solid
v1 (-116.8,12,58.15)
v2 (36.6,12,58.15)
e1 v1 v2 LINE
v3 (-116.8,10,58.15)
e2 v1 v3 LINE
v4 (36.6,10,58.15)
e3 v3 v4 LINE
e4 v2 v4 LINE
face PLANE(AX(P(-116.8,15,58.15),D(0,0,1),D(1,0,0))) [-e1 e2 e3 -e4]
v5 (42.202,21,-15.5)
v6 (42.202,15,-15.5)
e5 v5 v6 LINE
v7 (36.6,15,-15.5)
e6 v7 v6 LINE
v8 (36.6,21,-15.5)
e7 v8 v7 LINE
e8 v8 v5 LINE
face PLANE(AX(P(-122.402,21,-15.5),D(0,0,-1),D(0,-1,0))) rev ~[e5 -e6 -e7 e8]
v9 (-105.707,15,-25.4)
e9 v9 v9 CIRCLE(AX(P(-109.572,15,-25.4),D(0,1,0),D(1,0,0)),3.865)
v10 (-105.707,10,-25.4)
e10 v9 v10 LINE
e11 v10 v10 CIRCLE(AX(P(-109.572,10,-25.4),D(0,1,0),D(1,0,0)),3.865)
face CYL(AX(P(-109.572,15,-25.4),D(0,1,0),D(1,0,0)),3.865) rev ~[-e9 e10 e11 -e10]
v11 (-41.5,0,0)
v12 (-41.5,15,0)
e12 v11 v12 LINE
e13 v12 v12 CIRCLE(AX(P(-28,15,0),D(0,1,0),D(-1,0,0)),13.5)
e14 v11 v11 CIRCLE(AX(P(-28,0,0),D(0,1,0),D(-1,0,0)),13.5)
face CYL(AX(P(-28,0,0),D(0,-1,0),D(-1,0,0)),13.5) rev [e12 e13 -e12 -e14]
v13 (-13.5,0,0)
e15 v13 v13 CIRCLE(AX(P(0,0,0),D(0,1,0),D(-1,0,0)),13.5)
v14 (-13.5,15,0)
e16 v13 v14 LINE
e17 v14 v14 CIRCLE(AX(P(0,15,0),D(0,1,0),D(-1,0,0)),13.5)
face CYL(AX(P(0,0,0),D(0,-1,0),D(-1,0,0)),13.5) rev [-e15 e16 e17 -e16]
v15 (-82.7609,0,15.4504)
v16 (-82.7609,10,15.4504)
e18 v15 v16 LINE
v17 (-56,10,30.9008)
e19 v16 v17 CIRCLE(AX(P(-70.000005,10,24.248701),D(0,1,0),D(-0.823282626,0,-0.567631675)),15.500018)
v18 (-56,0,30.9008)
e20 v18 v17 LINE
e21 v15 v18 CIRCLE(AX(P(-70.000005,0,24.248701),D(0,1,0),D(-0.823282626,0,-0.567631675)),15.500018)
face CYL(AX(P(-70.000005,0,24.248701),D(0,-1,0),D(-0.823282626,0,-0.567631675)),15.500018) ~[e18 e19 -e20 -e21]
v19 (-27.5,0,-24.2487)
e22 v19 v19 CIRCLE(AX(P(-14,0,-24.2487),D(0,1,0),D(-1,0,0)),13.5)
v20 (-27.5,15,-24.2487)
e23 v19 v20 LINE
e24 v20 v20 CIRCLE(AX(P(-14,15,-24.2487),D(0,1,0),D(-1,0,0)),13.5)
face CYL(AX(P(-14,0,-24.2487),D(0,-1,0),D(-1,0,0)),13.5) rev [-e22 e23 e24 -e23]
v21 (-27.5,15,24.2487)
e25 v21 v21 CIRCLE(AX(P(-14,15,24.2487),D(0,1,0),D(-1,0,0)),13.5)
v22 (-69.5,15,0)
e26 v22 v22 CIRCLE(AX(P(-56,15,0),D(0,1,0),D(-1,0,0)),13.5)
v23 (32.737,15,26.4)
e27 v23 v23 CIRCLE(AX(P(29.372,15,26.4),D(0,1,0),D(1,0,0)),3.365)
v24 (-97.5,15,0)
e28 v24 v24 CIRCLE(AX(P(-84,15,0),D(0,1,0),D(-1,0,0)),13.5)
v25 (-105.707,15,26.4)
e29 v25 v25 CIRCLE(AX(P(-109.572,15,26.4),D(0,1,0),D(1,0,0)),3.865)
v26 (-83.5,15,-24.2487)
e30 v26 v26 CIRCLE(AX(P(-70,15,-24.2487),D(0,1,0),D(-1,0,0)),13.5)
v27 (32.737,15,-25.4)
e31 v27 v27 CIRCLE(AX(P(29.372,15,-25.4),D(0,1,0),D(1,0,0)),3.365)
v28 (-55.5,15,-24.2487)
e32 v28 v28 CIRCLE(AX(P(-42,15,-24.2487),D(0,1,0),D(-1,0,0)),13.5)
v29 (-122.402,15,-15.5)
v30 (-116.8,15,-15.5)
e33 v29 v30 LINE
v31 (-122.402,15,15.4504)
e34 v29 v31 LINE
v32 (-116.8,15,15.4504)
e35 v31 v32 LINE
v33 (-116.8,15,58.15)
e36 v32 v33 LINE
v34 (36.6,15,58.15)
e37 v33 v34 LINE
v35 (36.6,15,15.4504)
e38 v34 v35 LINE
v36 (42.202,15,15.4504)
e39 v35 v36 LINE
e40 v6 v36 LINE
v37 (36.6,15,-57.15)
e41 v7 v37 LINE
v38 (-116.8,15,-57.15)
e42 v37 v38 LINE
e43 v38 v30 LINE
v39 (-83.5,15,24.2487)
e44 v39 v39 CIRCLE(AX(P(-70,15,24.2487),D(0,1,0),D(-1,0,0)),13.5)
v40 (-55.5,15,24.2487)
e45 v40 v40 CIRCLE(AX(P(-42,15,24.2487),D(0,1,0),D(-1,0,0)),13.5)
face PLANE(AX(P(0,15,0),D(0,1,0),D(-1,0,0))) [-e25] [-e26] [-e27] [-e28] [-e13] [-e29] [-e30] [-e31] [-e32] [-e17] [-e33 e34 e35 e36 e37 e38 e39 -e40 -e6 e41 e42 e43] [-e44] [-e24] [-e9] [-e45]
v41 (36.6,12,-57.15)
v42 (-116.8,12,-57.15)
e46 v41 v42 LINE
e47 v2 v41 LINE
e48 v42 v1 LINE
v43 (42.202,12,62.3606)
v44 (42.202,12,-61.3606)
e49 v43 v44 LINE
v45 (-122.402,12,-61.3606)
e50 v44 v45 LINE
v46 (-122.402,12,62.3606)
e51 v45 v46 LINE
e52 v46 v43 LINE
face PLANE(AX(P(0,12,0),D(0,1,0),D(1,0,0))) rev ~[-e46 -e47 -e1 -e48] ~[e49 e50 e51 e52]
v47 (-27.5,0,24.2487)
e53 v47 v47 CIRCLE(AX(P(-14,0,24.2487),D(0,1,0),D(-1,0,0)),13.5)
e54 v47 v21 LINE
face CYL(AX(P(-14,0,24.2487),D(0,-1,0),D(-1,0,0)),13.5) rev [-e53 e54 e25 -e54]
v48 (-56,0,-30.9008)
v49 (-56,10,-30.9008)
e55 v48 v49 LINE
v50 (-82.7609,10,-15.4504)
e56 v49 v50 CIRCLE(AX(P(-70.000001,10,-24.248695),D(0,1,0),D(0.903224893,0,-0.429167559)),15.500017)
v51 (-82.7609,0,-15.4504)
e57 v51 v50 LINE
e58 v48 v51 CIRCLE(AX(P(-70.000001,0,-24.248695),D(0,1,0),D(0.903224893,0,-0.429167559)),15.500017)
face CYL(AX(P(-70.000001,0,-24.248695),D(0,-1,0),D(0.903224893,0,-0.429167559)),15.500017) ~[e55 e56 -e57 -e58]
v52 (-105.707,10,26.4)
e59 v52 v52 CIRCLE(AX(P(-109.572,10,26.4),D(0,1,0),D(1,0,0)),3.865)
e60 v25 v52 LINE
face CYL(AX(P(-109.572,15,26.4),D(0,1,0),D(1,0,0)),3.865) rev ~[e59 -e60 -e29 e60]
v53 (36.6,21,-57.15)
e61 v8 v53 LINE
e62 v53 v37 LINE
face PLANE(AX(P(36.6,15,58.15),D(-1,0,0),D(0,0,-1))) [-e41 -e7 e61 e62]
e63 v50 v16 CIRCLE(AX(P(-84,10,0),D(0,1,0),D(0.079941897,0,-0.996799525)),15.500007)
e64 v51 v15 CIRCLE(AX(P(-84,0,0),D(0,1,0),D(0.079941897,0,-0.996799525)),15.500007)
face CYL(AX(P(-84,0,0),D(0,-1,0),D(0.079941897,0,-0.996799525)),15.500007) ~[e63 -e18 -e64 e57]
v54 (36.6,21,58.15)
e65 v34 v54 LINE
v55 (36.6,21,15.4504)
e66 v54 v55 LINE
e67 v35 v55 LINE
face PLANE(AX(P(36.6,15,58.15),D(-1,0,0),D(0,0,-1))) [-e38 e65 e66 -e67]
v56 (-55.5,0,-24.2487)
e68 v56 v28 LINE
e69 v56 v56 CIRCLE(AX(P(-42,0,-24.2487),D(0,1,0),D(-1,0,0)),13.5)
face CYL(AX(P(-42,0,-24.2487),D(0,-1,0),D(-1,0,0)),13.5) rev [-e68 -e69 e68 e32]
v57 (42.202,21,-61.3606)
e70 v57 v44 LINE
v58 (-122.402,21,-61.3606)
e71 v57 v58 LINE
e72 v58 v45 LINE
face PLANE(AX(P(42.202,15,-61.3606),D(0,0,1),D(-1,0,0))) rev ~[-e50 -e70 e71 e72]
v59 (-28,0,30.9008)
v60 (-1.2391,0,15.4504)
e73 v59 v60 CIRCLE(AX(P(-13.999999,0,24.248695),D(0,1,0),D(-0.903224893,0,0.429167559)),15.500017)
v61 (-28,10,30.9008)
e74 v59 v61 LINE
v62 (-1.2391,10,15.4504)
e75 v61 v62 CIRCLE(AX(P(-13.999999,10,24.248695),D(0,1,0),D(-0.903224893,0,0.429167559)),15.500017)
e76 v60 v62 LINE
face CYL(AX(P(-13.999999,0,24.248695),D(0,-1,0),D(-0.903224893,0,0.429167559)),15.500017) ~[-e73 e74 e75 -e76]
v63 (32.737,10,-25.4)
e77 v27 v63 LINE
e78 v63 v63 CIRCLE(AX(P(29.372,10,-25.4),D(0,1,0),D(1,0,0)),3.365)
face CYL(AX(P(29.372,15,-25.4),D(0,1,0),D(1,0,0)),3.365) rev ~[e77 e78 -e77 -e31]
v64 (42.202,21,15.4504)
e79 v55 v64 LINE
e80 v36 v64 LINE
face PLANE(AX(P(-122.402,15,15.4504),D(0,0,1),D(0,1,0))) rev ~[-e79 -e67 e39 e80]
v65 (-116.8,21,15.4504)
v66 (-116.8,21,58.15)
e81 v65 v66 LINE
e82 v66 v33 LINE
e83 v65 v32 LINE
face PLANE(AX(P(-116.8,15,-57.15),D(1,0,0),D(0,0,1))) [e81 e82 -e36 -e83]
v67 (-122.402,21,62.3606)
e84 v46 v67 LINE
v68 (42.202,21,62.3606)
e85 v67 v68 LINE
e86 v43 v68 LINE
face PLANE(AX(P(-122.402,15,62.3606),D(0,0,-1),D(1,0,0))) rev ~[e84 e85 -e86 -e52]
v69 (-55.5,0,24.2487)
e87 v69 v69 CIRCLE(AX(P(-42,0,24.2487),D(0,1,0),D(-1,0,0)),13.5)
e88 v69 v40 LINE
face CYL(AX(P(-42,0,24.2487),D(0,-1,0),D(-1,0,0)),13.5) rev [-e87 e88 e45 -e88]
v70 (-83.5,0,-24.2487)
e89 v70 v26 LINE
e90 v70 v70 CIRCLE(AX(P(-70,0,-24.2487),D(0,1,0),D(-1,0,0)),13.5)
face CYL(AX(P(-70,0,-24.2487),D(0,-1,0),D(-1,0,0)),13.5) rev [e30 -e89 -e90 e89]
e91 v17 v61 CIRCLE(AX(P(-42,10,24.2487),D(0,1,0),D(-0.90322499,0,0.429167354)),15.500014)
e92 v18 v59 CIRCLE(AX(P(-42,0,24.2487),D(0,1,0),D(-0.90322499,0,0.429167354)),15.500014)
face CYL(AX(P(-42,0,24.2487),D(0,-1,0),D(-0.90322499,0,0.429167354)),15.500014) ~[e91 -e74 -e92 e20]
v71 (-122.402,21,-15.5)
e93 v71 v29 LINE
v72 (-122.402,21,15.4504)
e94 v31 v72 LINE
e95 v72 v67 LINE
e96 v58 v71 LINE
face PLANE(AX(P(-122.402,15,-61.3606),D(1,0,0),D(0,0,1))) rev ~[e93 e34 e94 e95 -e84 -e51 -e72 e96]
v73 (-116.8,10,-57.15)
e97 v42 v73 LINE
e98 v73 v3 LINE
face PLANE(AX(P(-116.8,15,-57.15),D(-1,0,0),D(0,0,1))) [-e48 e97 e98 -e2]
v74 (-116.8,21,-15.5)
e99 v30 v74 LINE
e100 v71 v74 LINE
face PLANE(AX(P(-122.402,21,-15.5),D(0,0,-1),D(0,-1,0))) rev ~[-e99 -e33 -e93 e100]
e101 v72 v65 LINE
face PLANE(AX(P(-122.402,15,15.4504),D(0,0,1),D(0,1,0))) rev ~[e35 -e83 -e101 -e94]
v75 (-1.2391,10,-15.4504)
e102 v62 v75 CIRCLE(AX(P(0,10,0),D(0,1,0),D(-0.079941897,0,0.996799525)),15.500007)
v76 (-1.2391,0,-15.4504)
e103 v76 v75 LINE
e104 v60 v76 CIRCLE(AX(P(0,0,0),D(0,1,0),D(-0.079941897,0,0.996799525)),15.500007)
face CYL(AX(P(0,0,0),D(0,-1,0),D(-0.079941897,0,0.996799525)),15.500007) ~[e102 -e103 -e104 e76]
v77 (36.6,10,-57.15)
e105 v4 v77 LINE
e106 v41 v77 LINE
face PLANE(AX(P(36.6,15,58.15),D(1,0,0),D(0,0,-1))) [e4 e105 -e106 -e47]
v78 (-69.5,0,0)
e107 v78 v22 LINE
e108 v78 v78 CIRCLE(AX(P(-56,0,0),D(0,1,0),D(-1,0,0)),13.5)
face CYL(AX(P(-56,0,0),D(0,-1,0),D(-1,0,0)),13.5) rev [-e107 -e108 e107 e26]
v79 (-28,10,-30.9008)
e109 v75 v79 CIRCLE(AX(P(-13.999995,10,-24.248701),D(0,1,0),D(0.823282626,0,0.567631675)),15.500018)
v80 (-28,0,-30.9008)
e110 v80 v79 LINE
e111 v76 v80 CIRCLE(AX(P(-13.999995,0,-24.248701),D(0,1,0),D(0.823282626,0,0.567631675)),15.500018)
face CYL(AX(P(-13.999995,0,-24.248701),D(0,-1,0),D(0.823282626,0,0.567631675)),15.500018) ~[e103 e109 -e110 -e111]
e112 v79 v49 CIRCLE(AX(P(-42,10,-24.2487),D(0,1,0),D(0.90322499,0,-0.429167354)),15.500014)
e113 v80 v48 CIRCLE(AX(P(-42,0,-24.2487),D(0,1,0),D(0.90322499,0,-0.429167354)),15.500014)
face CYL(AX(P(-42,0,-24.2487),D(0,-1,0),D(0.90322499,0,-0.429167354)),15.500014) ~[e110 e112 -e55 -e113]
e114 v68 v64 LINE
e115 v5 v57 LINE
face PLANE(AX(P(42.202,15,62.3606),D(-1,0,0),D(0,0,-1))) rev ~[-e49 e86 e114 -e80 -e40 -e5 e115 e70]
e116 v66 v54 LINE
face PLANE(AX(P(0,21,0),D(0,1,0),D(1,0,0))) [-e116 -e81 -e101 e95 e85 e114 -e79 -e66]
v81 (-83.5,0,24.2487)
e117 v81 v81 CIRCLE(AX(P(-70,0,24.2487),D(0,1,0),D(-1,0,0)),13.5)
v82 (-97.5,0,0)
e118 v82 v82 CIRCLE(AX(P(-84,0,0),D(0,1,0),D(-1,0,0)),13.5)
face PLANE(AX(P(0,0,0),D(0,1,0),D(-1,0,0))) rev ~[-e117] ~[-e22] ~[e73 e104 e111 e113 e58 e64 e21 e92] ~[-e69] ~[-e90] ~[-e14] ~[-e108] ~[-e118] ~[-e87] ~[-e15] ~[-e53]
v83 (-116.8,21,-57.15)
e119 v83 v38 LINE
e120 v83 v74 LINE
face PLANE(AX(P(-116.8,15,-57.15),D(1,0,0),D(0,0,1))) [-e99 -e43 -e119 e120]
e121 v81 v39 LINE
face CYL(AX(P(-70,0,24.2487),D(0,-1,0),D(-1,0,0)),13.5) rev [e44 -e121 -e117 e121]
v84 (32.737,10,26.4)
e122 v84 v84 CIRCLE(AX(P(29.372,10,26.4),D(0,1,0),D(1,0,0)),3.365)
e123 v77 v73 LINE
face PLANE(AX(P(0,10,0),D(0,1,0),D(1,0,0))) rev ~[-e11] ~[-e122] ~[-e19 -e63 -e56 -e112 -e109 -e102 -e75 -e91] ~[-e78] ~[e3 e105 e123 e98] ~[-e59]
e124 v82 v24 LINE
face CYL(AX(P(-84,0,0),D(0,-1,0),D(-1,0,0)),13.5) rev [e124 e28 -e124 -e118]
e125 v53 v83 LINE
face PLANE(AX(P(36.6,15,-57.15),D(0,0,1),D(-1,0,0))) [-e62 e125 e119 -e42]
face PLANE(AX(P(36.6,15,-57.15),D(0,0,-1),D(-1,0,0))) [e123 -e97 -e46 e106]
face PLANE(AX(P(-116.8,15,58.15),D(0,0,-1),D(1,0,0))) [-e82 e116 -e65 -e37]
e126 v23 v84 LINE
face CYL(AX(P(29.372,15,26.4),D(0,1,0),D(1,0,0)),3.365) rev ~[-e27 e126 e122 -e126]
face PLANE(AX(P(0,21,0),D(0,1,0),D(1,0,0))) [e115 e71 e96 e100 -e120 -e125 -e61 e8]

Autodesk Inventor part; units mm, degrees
ref_plane "YZ Plane" through (0, 0, 0) normal (1, 0, 0) x (0, 1, 0)
ref_plane "XZ Plane" through (0, 0, 0) normal (0, 1, 0) x (-1, 0, 0)
ref_plane "XY Plane" through (0, 0, 0) normal (0, 0, 1) x (1, 0, 0)
sketch "Sketch1" plane through (0, 0, 0) normal (0, 1, 0) x (-1, 0, 0)
  circle A0 centre (0, 0) radius 13.5
  circle A1 centre (0, 0) radius 14.5 construction
  circle A2 centre (28, 0) radius 13.5
  circle A3 centre (28, 0) radius 14.5 construction
  circle A4 centre (56, 0) radius 13.5
  circle A5 centre (56, 0) radius 14.5 construction
  circle A6 centre (84, 0) radius 13.5
  circle A7 centre (84, 0) radius 14.5 construction
  circle A8 centre (14, 24.2487) radius 13.5
  circle A9 centre (42, 24.2487) radius 13.5
  circle A10 centre (70, 24.2487) radius 13.5
  circle A11 centre (70, -24.2487) radius 13.5
  circle A12 centre (42, -24.2487) radius 13.5
  circle A13 centre (14, -24.2487) radius 13.5
  line L0 (84, 0) -> (56, 0) construction
  circle A14 centre (14, 24.2487) radius 14.5 construction
  circle A15 centre (42, 24.2487) radius 14.5 construction
  circle A16 centre (70, 24.2487) radius 14.5 construction
  circle A17 centre (70, -24.2487) radius 14.5 construction
  circle A18 centre (42, -24.2487) radius 14.5 construction
  circle A19 centre (14, -24.2487) radius 14.5 construction
  circle A20 centre (0, 0) radius 15.5 construction
  circle A21 centre (14, 24.2487) radius 15.5 construction
  circle A22 centre (42, 24.2487) radius 15.5 construction
  circle A23 centre (70, 24.2487) radius 15.5 construction
  circle A24 centre (70, -24.2487) radius 15.5 construction
  circle A25 centre (42, -24.2487) radius 15.5 construction
  circle A26 centre (14, -24.2487) radius 15.5 construction
  arc A27 (1.2391, 15.4504) -> (1.2391, -15.4504) centre (0, 0) ccw
  arc A28 (28, 30.9008) -> (1.2391, 15.4504) centre (14, 24.2487) ccw
  arc A29 (56, 30.9008) -> (28, 30.9008) centre (42, 24.2487) ccw
  line L1 (70, 24.2487) -> (14, 24.2487) construction
  line L2 (14, 24.2487) -> (14, -24.2487) construction
  line L3 (14, -24.2487) -> (70, -24.2487) construction
  line L4 (70, -24.2487) -> (70, 24.2487) construction
  circle A30 centre (84, 0) radius 15.5 construction
  arc A31 (82.7609, 15.4504) -> (56, 30.9008) centre (70, 24.2487) ccw
  arc A32 (82.7609, -15.4504) -> (82.7609, 15.4504) centre (84, 0) ccw
  arc A33 (56, -30.9008) -> (82.7609, -15.4504) centre (70, -24.2487) ccw
  arc A34 (28, -30.9008) -> (56, -30.9008) centre (42, -24.2487) ccw
  arc A35 (1.2391, -15.4504) -> (28, -30.9008) centre (14, -24.2487) ccw
  dimension "d0" = 27
  dimension "d1" = 29
  dimension "d2" = 27
  dimension "d3" = 29
  dimension "d4" = 27
  dimension "d5" = 29
  dimension "d6" = 27
  dimension "d7" = 29
  dimension "d8" = 27
  dimension "d9" = 27
  dimension "d10" = 27
  dimension "d11" = 27
  dimension "d12" = 27
  dimension "d13" = 27
  dimension "d14" = 29
  dimension "d15" = 29
  dimension "d16" = 29
  dimension "d17" = 29
  dimension "d18" = 29
  dimension "d19" = 29
  dimension "d20" = 31
  dimension "d21" = 31
  dimension "d22" = 31
  dimension "d23" = 31
  dimension "d24" = 31
  dimension "d25" = 31
  dimension "d26" = 31
  dimension "d27" = 31
extrude "Extrusion1" add sketch "Sketch1" along normal blind 15
sketch "Sketch2" plane through (0, 15, 0) normal (0, 1, 0) x (1, 0, 0)
  arc A0 (-1.2391, 15.4504) -> (-28, 30.9008) centre (-14, 24.2487) ccw projected
  arc A1 (-28, 30.9008) -> (-56, 30.9008) centre (-42, 24.2487) ccw projected
  arc A2 (-56, 30.9008) -> (-82.7609, 15.4504) centre (-70, 24.2487) ccw projected
  arc A3 (-82.7609, 15.4504) -> (-82.7609, -15.4504) centre (-84, 0) ccw projected
  arc A4 (-82.7609, -15.4504) -> (-56, -30.9008) centre (-70, -24.2487) ccw projected
  arc A5 (-56, -30.9008) -> (-28, -30.9008) centre (-42, -24.2487) ccw projected
  arc A6 (-28, -30.9008) -> (-1.2391, -15.4504) centre (-14, -24.2487) ccw projected
  arc A7 (-1.2391, -15.4504) -> (-1.2391, 15.4504) centre (0, 0) ccw projected
  circle A8 centre (-14, 24.2487) radius 13.5 projected
  circle A9 centre (-42, 24.2487) radius 13.5 projected
  circle A10 centre (-70, 24.2487) radius 13.5 projected
  circle A11 centre (-70, -24.2487) radius 13.5 projected
  circle A12 centre (-42, -24.2487) radius 13.5 projected
  circle A13 centre (-14, -24.2487) radius 13.5 projected
  circle A14 centre (-84, 0) radius 13.5 projected
  circle A15 centre (-56, 0) radius 13.5 projected
  circle A16 centre (-28, 0) radius 13.5 projected
  circle A17 centre (0, 0) radius 13.5 projected
  line L0 (-116.8, -58.15) -> (36.6, -58.15)
  line L1 (36.6, -58.15) -> (36.6, 57.15)
  line L2 (36.6, 57.15) -> (-116.8, 57.15)
  line L3 (-116.8, 57.15) -> (-116.8, -58.15)
  line L4 (-116.8, -58.15) -> (36.6, 57.15) construction
  line L5 (36.6, -58.15) -> (-116.8, 57.15) construction
  arc A18 (-82.7609, 15.4504) -> (-82.7609, -15.4504) centre (-84, 0) ccw
  arc A19 (-56, 30.9008) -> (-82.7609, 15.4504) centre (-70, 24.2487) ccw
  arc A20 (-28, 30.9008) -> (-56, 30.9008) centre (-42, 24.2487) ccw
  arc A21 (-1.2391, 15.4504) -> (-28, 30.9008) centre (-14, 24.2487) ccw
  arc A22 (-1.2391, -15.4504) -> (-1.2391, 15.4504) centre (0, 0) ccw
  arc A23 (-28, -30.9008) -> (-1.2391, -15.4504) centre (-14, -24.2487) ccw
  arc A24 (-56, -30.9008) -> (-28, -30.9008) centre (-42, -24.2487) ccw
  arc A25 (-82.7609, -15.4504) -> (-56, -30.9008) centre (-70, -24.2487) ccw
  point P0 (-40.1, -0.5)
  dimension "d30" = 153.4
  dimension "d31" = 115.3
extrude "Extrusion2" add sketch "Sketch2" against normal blind 5 contours L3 L2 L1 L0
sketch "Sketch3" plane through (0, 15, 0) normal (0, 1, 0) x (1, 0, 0)
  line L0 (36.6, -58.15) -> (36.6, 57.15) projected
  line L1 (36.6, 57.15) -> (-116.8, 57.15) projected
  line L2 (-116.8, 57.15) -> (-116.8, -58.15) projected
  line L3 (-116.8, -58.15) -> (36.6, -58.15) projected
  circle A0 centre (-14, 24.2487) radius 13.5 projected
  circle A1 centre (-42, 24.2487) radius 13.5 projected
  circle A2 centre (-70, 24.2487) radius 13.5 projected
  circle A3 centre (-70, -24.2487) radius 13.5 projected
  circle A4 centre (-42, -24.2487) radius 13.5 projected
  circle A5 centre (-14, -24.2487) radius 13.5 projected
  circle A6 centre (-84, 0) radius 13.5 projected
  circle A7 centre (-56, 0) radius 13.5 projected
  circle A8 centre (-28, 0) radius 13.5 projected
  circle A9 centre (0, 0) radius 13.5 projected
  line L4 (-122.402, -62.3606) -> (42.202, -62.3606)
  line L5 (42.202, -62.3606) -> (42.202, 61.3606)
  line L6 (42.202, 61.3606) -> (-122.402, 61.3606)
  line L7 (-122.402, 61.3606) -> (-122.402, -62.3606)
  line L8 (-122.402, -62.3606) -> (42.202, 61.3606) construction
  line L9 (42.202, -62.3606) -> (-122.402, 61.3606) construction
  line L10 (-116.8, -58.15) -> (36.6, -58.15)
  line L11 (36.6, -58.15) -> (36.6, 57.15)
  line L12 (36.6, 57.15) -> (-116.8, 57.15)
  line L13 (-116.8, 57.15) -> (-116.8, -58.15)
  line L14 (-116.8, -58.15) -> (36.6, 57.15) construction
  line L15 (36.6, -58.15) -> (-116.8, 57.15) construction
  point P0 (-40.1, -0.5)
extrude "Extrusion3" add sketch "Sketch3" along normal blind 6 and the other way blind 3 contours L7 L6 L5 L4
sketch "Sketch4" plane through (0, 15, 0) normal (0, 1, 0) x (1, 0, 0)
  line L0 (36.6, -58.15) -> (36.6, 57.15) construction
  line L1 (36.6, 57.15) -> (-116.8, 57.15) construction
  line L2 (-116.8, 57.15) -> (-116.8, -58.15) construction
  line L3 (-116.8, -58.15) -> (36.6, -58.15) construction
  circle A0 centre (-14, 24.2487) radius 13.5 construction
  circle A1 centre (-42, 24.2487) radius 13.5 construction
  circle A2 centre (-70, 24.2487) radius 13.5 construction
  circle A3 centre (-70, -24.2487) radius 13.5 construction
  circle A4 centre (-42, -24.2487) radius 13.5 construction
  circle A5 centre (-14, -24.2487) radius 13.5 construction
  circle A6 centre (-84, 0) radius 13.5 construction
  circle A7 centre (-56, 0) radius 13.5 construction
  circle A8 centre (-28, 0) radius 13.5 construction
  circle A9 centre (0, 0) radius 13.5 construction
  line L4 (-116.8, 57.15) -> (-109.572, 57.15) construction
  line L5 (-109.572, 57.15) -> (-109.572, 25.4) construction
  line L6 (-109.572, 25.4) -> (-116.8, 25.4) construction
  line L7 (-116.8, 25.4) -> (-116.8, 57.15) construction
  line L8 (36.6, 57.15) -> (29.372, 57.15) construction
  line L9 (29.372, 57.15) -> (29.372, 25.4) construction
  line L10 (29.372, 25.4) -> (36.6, 25.4) construction
  line L11 (36.6, 25.4) -> (36.6, 57.15) construction
  line L12 (36.6, -58.15) -> (29.372, -58.15) construction
  line L13 (29.372, -58.15) -> (29.372, -26.4) construction
  line L14 (29.372, -26.4) -> (36.6, -26.4) construction
  line L15 (36.6, -26.4) -> (36.6, -58.15) construction
  line L16 (-116.8, -58.15) -> (-109.572, -58.15) construction
  line L17 (-109.572, -58.15) -> (-109.572, -26.4) construction
  line L18 (-109.572, -26.4) -> (-116.8, -26.4) construction
  line L19 (-116.8, -26.4) -> (-116.8, -58.15) construction
  circle A10 centre (-109.572, 25.4) radius 3.865
  circle A11 centre (29.372, 25.4) radius 3.365
  circle A12 centre (29.372, -26.4) radius 3.365
  circle A13 centre (-109.572, -26.4) radius 3.865
  dimension "d42" = 31.75
  dimension "d43" = 7.228
  dimension "d44" = 31.75
  dimension "d45" = 7.228
  dimension "d46" = 7.228
  dimension "d47" = 31.75
  dimension "d48" = 31.75
  dimension "d49" = 7.228
  dimension "d50" = 7.73
  dimension "d51" = 6.73
  dimension "d52" = 6.73
  dimension "d55" = 7.73
extrude "Extrusion4" cut sketch "Sketch4" against normal through all
sketch "Sketch5" plane through (-122.402, 12, 62.3606) normal (-1, 0, 0) x (0, 0, 1)
  line L0 (-77.8606, -12) -> (-77.8606, -2) projected
  line L1 (-46.9102, -12) -> (-46.9102, -2) projected
  line L2 (-119.5106, 3) -> (-4.2106, 3) projected
  line L3 (-123.7212, 9) -> (0, 9) projected
  line L4 (-77.8606, 3) -> (-46.9102, 3)
  line L5 (-46.9102, 3) -> (-46.9102, 9)
  line L6 (-46.9102, 9) -> (-77.8606, 9)
  line L7 (-77.8606, 9) -> (-77.8606, 3)
  point P0 (-62.3606, -12)
extrude "Extrusion5" cut sketch "Sketch5" against normal through all
properties part number "CELLCASE26650_3DPrint"
